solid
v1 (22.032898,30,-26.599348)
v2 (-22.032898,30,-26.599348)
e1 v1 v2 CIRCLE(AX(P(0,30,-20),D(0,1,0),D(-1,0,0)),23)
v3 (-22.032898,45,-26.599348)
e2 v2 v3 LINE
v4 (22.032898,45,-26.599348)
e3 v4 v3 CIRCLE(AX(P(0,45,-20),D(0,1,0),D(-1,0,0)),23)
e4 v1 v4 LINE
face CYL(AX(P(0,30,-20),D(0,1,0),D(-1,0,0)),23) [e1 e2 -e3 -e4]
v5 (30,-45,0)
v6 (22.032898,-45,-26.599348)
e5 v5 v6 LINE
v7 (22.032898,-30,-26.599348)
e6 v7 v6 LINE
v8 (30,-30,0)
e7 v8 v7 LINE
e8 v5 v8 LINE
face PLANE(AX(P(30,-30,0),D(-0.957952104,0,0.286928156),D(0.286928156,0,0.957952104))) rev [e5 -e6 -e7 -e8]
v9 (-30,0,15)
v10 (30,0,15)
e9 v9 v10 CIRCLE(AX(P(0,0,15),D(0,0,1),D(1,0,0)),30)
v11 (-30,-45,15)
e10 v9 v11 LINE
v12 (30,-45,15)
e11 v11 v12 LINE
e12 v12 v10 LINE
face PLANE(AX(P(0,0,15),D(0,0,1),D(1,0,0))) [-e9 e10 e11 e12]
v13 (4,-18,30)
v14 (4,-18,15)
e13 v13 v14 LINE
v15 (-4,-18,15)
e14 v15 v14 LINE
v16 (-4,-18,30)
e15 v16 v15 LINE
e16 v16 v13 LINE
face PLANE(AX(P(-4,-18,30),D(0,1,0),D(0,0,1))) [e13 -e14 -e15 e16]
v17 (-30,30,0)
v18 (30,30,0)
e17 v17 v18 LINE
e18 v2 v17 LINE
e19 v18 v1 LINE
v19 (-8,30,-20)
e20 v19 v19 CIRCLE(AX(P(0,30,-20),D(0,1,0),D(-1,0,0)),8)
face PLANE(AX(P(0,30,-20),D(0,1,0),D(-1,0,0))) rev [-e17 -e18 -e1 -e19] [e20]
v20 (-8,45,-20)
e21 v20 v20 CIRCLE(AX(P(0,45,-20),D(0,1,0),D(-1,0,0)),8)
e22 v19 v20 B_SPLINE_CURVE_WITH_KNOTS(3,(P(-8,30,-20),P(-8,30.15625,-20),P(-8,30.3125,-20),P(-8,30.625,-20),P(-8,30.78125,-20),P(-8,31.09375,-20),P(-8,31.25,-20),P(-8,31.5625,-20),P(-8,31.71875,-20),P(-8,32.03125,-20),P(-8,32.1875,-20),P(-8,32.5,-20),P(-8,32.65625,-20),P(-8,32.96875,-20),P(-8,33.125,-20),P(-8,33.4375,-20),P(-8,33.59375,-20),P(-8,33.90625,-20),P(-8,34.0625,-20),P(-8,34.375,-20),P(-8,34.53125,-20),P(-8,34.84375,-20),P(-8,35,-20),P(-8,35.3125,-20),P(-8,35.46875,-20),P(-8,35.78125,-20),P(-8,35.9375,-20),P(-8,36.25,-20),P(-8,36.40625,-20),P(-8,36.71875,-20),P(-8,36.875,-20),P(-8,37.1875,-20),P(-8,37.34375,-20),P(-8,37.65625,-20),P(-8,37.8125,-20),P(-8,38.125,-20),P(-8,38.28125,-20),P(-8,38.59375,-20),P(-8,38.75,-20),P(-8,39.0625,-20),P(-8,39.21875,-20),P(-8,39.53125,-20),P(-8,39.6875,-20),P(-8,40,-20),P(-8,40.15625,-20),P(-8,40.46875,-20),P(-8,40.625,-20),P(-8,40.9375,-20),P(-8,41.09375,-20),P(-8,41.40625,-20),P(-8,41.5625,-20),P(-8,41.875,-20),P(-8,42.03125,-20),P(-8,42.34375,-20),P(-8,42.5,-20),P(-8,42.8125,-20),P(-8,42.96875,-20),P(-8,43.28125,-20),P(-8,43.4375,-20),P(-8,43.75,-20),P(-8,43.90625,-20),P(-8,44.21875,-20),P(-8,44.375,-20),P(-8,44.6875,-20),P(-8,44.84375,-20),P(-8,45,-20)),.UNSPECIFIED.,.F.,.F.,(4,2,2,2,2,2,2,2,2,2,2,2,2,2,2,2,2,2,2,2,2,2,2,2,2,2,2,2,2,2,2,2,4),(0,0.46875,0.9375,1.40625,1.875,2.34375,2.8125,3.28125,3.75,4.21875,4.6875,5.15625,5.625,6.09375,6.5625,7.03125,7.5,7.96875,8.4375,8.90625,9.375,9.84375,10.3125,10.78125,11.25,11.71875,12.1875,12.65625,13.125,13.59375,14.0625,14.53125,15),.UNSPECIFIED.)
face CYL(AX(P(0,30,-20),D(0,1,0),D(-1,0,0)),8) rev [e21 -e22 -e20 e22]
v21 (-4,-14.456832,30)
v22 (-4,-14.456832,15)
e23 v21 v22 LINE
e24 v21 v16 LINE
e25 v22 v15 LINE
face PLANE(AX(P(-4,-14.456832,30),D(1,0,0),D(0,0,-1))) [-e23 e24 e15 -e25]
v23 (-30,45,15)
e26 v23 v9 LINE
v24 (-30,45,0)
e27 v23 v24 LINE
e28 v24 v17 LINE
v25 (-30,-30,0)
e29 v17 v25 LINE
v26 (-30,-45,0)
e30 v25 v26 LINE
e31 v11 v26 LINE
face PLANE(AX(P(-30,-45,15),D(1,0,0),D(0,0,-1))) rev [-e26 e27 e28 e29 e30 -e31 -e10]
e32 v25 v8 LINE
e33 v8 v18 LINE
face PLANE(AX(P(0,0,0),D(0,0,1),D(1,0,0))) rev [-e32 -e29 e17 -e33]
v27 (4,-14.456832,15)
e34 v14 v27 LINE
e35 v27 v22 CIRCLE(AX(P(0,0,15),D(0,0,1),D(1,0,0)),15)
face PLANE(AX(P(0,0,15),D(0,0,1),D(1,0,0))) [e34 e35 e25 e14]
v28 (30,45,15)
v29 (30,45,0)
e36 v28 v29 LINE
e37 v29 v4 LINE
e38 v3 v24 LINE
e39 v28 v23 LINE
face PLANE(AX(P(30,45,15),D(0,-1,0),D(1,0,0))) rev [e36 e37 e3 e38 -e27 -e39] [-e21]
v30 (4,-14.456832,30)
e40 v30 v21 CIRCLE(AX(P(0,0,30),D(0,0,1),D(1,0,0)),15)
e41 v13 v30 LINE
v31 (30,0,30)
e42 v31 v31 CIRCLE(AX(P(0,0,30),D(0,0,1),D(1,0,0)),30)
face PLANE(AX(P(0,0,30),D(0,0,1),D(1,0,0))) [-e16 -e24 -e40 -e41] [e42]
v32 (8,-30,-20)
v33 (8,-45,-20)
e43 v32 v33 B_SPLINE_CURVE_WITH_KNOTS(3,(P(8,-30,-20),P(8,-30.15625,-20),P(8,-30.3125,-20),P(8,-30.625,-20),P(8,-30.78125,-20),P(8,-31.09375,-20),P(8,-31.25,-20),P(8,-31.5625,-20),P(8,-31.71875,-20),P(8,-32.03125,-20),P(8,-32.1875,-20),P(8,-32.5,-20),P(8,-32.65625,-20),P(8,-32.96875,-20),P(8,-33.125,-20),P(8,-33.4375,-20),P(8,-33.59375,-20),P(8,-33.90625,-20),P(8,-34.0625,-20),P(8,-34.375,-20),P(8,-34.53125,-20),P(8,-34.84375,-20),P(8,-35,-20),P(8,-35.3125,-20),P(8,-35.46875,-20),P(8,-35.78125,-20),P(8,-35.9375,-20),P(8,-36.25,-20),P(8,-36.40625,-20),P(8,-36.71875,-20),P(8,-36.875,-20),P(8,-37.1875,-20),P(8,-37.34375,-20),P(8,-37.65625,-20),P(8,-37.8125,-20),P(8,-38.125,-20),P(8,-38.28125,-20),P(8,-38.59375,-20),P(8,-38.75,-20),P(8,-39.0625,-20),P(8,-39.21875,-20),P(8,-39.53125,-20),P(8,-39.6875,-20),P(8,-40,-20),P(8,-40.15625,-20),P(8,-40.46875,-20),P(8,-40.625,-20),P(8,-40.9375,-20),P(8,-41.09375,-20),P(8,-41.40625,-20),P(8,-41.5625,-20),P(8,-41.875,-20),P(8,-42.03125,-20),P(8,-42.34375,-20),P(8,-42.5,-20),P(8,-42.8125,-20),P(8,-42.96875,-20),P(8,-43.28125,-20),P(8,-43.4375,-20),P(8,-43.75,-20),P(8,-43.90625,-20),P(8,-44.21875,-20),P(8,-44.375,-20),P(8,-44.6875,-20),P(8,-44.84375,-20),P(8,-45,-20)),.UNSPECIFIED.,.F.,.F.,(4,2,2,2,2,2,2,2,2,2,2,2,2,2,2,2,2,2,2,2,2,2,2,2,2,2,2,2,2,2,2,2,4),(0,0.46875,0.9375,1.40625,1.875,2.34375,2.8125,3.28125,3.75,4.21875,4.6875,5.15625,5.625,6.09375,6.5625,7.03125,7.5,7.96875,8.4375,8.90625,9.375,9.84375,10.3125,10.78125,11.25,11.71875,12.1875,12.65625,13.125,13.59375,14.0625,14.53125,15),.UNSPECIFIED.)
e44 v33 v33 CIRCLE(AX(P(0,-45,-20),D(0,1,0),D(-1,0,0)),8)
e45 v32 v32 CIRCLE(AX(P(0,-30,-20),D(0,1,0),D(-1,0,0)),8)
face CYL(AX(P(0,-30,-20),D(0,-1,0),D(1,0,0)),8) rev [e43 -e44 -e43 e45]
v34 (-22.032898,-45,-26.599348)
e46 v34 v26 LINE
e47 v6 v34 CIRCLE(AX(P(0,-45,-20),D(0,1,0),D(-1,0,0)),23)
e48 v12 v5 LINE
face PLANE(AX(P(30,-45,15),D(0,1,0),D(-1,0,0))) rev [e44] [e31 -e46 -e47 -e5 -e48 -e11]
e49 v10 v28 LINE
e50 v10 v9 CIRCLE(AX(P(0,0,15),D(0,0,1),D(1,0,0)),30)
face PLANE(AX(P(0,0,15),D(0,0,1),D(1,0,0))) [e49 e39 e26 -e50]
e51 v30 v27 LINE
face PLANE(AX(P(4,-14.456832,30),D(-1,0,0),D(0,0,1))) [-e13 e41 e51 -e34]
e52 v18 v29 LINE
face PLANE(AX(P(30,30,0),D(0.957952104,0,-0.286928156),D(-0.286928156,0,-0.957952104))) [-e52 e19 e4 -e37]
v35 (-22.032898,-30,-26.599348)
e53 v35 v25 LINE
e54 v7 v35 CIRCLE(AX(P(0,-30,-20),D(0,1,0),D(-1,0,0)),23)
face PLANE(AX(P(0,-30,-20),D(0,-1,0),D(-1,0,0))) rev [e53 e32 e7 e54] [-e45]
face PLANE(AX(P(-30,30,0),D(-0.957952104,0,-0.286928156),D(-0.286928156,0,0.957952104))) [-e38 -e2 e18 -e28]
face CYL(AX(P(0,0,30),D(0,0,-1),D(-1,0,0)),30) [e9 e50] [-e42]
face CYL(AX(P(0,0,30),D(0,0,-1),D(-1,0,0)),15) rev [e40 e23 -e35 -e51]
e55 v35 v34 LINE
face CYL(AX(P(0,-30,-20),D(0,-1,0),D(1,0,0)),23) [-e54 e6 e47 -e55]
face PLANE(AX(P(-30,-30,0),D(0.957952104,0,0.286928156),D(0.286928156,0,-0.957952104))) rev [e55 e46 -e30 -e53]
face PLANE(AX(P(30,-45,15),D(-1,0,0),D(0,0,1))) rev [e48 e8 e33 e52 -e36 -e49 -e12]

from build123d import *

# Parameters (mm, degrees)
SKETCH1_W           = 60
SKETCH1_H           = 90
BOSS_EXTRUDE1_DEPTH = 15
SKETCH2_R           = 30
BOSS_EXTRUDE2_DEPTH = 15
SKETCH3_R           = 8
BOSS_EXTRUDE3_DEPTH = 15


with BuildPart() as part:
    # Sketch1 → Boss-Extrude1 (new body)
    with BuildSketch(Plane.XY):
        Rectangle(SKETCH1_W, SKETCH1_H)
    extrude(amount=BOSS_EXTRUDE1_DEPTH)

    # Sketch2 → Boss-Extrude2 (add)
    with BuildSketch(Plane.XY.offset(15)):
        Circle(SKETCH2_R)
        with BuildLine():
            Line((-4, -14.456832295), (-4, -18))
            Line((-4, -18), (4, -18))
            Line((4, -18), (4, -14.456832295))
            ThreePointArc((4, -14.456832295), (0, 15), (-4, -14.456832295))
        make_face(mode=Mode.SUBTRACT)
    extrude(amount=BOSS_EXTRUDE2_DEPTH)

    # Sketch3 → Boss-Extrude3 (add)
    with BuildSketch(Plane(origin=(0, 45, 0), x_dir=(1, 0, 0), z_dir=(0, 1, 0))):
        with BuildLine():
            Line((30, 0), (22.03289839, 26.599347585))
            ThreePointArc((22.03289839, 26.599347585), (0, 43), (-22.03289839, 26.599347585))
            Line((-22.03289839, 26.599347585), (-30, 0))
            Line((-30, 0), (30, 0))
        make_face()
        with Locations(Location((0, 20, 0), (0, 0, 180))):
            Circle(SKETCH3_R, mode=Mode.SUBTRACT)
    boss_extrude3 = extrude(amount=-BOSS_EXTRUDE3_DEPTH)

    # Mirror1: Boss-Extrude3 across plane
    add(boss_extrude3.mirror(Plane.ZX))


solid = part.part
